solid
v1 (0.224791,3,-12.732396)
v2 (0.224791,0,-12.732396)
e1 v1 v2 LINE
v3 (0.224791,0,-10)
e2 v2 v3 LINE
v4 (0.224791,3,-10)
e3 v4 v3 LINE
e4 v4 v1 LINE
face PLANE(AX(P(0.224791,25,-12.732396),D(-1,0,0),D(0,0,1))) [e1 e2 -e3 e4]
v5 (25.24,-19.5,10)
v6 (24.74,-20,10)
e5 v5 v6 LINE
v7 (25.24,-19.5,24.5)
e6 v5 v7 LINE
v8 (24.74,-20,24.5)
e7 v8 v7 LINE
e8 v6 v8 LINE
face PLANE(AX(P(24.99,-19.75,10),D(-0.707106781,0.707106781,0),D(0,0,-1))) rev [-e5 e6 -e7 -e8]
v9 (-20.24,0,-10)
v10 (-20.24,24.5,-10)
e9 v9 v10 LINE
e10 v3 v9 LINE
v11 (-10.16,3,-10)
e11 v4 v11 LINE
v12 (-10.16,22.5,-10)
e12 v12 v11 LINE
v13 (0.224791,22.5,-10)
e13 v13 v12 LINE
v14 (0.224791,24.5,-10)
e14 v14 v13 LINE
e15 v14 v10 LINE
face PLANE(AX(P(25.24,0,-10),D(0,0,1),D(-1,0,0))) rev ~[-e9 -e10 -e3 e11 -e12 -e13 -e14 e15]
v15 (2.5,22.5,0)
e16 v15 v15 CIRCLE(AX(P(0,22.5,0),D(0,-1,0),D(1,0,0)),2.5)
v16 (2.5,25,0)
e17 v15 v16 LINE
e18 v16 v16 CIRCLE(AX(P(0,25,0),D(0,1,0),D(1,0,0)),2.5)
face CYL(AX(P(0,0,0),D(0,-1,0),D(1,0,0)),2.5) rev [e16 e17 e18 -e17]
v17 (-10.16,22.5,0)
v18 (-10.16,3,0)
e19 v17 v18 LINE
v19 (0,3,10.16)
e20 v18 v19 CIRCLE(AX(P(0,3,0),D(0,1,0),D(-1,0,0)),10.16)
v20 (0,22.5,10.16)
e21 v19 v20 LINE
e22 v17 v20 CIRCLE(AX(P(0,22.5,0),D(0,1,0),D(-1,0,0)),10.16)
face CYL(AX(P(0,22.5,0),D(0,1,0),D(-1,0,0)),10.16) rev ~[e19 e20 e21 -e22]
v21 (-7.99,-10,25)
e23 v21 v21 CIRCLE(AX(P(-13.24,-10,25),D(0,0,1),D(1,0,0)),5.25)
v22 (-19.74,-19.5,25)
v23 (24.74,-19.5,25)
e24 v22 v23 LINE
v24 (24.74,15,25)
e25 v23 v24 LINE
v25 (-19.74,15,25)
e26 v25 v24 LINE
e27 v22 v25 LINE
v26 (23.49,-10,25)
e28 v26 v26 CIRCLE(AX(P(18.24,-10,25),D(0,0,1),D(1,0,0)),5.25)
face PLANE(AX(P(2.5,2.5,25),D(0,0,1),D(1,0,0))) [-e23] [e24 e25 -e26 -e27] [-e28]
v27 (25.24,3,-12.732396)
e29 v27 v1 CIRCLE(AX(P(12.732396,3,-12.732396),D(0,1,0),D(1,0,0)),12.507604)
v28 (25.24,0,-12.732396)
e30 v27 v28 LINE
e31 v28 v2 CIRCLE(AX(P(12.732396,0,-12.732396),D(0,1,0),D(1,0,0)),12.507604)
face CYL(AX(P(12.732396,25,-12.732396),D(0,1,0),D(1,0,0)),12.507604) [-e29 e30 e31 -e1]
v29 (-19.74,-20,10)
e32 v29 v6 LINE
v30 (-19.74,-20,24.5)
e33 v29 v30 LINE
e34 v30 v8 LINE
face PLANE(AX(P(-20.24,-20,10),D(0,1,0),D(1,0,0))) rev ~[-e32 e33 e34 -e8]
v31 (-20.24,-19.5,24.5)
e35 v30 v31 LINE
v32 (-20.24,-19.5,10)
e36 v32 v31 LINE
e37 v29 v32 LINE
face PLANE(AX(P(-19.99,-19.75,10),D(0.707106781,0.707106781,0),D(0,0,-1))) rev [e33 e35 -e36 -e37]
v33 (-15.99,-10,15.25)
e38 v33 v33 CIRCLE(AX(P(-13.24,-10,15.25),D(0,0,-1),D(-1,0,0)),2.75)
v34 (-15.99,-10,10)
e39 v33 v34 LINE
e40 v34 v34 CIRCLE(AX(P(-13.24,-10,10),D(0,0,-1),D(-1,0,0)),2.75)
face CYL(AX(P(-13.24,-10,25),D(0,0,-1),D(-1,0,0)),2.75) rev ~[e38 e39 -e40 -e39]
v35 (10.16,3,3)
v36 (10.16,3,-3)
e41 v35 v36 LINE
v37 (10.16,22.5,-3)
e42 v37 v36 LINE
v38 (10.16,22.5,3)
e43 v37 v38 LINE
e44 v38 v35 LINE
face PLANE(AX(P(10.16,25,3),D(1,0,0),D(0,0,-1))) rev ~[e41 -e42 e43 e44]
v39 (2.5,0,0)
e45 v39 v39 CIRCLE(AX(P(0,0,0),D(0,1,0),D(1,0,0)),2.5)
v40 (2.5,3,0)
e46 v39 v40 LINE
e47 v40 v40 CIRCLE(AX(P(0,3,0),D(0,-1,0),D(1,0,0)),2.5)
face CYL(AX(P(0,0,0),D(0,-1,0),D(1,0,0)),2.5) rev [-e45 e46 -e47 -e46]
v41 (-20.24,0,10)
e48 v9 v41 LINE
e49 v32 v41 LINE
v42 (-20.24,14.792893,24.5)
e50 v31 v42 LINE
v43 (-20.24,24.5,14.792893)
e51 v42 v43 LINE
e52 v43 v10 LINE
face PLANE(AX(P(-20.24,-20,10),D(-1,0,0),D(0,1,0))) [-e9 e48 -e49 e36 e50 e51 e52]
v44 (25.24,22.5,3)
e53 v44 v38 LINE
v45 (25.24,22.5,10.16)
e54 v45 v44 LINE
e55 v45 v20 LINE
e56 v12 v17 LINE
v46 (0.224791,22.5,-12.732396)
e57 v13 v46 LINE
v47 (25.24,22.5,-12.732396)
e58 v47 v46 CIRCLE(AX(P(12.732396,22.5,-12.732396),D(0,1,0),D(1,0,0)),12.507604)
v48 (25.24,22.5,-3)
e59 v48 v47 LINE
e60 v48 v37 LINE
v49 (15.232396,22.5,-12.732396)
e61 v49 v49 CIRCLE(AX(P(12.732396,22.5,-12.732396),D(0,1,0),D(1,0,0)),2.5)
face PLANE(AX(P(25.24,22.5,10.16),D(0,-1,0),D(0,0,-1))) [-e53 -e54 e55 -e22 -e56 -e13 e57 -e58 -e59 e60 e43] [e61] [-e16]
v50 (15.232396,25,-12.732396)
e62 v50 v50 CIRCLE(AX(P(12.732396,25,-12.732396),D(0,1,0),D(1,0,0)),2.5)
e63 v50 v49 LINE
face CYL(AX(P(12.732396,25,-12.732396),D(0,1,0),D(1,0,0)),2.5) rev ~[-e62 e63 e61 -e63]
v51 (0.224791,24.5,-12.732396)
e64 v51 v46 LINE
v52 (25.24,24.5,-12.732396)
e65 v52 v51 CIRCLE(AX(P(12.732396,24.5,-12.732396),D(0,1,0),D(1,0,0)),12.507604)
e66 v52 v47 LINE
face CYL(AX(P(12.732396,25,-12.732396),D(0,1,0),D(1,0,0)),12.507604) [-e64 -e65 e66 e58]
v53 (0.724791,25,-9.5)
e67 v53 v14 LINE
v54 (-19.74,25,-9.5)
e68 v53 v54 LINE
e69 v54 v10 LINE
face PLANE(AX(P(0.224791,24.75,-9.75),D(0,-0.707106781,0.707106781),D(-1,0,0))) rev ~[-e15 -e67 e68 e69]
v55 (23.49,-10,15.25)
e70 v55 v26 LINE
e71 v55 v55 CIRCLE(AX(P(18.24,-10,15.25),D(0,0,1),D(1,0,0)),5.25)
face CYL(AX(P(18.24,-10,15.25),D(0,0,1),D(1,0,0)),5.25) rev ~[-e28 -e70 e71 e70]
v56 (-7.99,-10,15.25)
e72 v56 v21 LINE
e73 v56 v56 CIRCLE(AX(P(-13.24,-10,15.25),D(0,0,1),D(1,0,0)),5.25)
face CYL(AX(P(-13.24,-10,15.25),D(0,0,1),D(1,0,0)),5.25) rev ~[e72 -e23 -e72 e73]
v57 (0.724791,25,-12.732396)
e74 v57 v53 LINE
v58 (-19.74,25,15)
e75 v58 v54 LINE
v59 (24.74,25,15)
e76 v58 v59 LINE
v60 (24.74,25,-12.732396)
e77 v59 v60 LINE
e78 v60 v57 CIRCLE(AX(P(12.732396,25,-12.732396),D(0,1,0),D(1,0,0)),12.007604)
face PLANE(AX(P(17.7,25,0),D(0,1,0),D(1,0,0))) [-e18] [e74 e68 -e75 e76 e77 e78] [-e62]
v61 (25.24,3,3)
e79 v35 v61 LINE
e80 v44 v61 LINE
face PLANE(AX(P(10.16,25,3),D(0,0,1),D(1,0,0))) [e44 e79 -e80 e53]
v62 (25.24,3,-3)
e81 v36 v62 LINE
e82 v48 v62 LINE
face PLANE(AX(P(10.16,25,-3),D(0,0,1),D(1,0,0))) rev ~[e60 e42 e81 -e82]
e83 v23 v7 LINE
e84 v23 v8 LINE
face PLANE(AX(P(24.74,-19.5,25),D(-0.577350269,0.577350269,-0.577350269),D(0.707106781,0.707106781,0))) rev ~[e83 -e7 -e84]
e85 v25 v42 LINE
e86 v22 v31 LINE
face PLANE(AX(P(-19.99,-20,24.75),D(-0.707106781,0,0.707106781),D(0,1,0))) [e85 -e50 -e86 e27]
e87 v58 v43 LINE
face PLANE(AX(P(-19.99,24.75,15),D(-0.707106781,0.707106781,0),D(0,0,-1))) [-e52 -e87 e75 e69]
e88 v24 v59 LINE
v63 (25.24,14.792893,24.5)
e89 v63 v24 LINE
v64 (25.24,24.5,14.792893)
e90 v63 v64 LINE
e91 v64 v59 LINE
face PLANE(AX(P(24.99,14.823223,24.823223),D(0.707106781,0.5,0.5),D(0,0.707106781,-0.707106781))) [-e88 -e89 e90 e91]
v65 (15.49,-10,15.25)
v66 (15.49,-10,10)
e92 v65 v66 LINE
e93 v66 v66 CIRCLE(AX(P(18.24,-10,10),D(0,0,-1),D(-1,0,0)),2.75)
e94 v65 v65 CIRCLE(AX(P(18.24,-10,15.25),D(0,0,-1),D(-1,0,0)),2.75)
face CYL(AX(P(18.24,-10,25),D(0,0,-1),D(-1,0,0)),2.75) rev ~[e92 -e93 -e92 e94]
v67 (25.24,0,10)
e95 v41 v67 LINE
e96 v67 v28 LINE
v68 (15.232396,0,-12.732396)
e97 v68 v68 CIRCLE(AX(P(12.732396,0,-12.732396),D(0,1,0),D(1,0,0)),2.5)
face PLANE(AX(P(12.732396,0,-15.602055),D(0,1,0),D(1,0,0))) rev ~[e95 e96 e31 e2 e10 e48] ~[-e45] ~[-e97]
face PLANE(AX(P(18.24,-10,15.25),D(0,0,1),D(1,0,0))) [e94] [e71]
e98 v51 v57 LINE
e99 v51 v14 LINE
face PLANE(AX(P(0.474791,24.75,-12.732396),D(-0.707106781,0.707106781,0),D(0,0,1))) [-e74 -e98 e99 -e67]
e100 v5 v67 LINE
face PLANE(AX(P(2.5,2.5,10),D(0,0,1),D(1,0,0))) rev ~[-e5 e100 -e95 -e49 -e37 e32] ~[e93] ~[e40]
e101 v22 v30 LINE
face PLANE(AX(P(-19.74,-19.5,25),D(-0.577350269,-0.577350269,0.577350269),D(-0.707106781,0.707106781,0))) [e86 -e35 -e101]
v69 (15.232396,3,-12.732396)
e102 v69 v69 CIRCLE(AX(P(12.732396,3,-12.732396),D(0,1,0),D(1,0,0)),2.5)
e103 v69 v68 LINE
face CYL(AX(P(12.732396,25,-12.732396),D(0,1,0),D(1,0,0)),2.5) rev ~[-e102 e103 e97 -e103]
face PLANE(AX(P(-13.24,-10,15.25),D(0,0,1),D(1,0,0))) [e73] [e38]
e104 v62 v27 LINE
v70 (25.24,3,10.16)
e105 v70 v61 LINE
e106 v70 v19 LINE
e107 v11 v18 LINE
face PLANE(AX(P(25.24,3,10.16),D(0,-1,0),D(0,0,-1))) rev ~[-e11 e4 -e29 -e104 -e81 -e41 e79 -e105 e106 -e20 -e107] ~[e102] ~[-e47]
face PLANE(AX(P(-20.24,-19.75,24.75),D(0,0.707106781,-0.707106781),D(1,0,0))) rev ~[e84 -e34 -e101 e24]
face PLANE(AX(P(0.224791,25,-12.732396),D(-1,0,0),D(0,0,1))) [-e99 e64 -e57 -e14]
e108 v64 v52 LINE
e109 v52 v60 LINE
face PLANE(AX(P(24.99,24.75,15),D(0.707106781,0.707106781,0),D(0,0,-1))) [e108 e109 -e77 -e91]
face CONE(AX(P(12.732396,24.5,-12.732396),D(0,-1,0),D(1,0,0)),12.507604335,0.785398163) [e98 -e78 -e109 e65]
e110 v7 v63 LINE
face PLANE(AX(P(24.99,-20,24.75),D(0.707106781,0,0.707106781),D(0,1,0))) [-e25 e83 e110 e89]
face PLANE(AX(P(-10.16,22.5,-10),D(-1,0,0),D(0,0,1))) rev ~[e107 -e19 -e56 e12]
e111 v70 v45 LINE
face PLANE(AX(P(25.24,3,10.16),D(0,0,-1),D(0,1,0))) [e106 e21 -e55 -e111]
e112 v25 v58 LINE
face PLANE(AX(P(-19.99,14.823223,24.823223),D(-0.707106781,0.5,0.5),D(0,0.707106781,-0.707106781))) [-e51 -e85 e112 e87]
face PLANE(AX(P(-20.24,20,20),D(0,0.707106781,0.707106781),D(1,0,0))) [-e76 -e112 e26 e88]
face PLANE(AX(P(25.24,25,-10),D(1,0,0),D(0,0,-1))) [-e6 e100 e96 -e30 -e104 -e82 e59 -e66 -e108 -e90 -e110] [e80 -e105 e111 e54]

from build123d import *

# Parameters (mm, degrees)
SKETCH1_R                       = 2.5
BOSS_EXTRUDE1_DEPTH             = 25
SKETCH9_W                       = 45.48
SKETCH9_H                       = 45
BOSS_EXTRUDE4_DEPTH             = 15
CUT_EXTRUDE2_START              = -2.5
CUT_EXTRUDE2_DEPTH              = 19.5
SKETCH15_R                      = 2.5
BOSS_EXTRUDE5_DEPTH             = 25
CHAMFER1_SIZE                   = 10
CUT_EXTRUDE3_REACH              = 47.48
SKETCH16_W                      = 40
SKETCH16_H                      = 19.5
SKETCH17_W                      = 15.08
SKETCH17_H                      = 6
BOSS_EXTRUDE6_DEPTH             = 22
CBORE_FOR_M5_SBHCS1_D           = 5.5
CBORE_FOR_M5_SBHCS1_CBORE_D     = 10.5
CBORE_FOR_M5_SBHCS1_CBORE_DEPTH = 9.75
CHAMFER2_SIZE                   = 0.5


with BuildPart() as part:
    # Sketch1 → Boss-Extrude1 (new body)
    with BuildSketch(Plane(origin=(0, 0, 0), x_dir=(1, 0, 0), z_dir=(0, 1, 0))):
        Polygon((20.24, -10), (25.24, -10), (25.24, 10), (20.24, 10), (-20.24, 10), (-20.24, -10), align=None)
        Circle(SKETCH1_R, mode=Mode.SUBTRACT)
    extrude(amount=BOSS_EXTRUDE1_DEPTH)

    # Sketch9 → Boss-Extrude4 (add)
    with BuildSketch(Plane.XY.offset(10)):
        with Locations((2.5, 2.5)):
            Rectangle(SKETCH9_W, SKETCH9_H)
    extrude(amount=BOSS_EXTRUDE4_DEPTH)

    # Sketch10 → Cut-Extrude2 (cut)
    with BuildSketch(Plane(origin=(0, 25, 0), x_dir=(1, 0, 0), z_dir=(0, 1, 0)).offset(CUT_EXTRUDE2_START)):
        with BuildLine():
            Line((10.16, 0), (10.16, 10))
            Line((10.16, 10), (-10.16, 10))
            Line((-10.16, 10), (-10.16, 0))
            ThreePointArc((-10.16, 0), (0, -10.16), (10.16, 0))
        make_face()
    extrude(amount=-CUT_EXTRUDE2_DEPTH, mode=Mode.SUBTRACT)

    # Sketch15 → Boss-Extrude5 (add)
    with BuildSketch(Plane(origin=(0, 25, 0), x_dir=(1, 0, 0), z_dir=(0, 1, 0))):
        with BuildLine():
            Line((25.24, 10), (25.24, 12.732395665))
            ThreePointArc((25.24, 12.732395665), (12.732395665, 25.24), (0.224791329, 12.732395665))
            Line((0.224791329, 12.732395665), (0.224791329, 10))
            Line((0.224791329, 10), (25.24, 10))
        make_face()
        with Locations((12.732395665, 12.732395665)):
            Circle(SKETCH15_R, mode=Mode.SUBTRACT)
    extrude(amount=-BOSS_EXTRUDE5_DEPTH)

    # Chamfer1
    chamfer1_edges = [part.edges().sort_by_distance(p)[0] for p in [
        (2.5, 25, 25),
    ]]
    chamfer(chamfer1_edges, length=CHAMFER1_SIZE)

    # Sketch16 → Cut-Extrude3 (cut, up to next)
    with BuildSketch(Plane(origin=(25.24, 0, 0), x_dir=(0, 0, -1), z_dir=(1, 0, 0)), mode=Mode.PRIVATE) as cut_extrude3_sk1:
        with Locations((9.84, 12.75)):
            Rectangle(SKETCH16_W, SKETCH16_H)
    cut_extrude3_tool1 = extrude(cut_extrude3_sk1.sketch, amount=-CUT_EXTRUDE3_REACH, mode=Mode.PRIVATE) & part.part
    add(cut_extrude3_tool1.solids().sort_by_distance((25.24, 12.75, -9.84))[0], mode=Mode.SUBTRACT)

    # Sketch17 → Boss-Extrude6 (add)
    with BuildSketch(Plane(origin=(0, 25, 0), x_dir=(1, 0, 0), z_dir=(0, 1, 0))):
        with Locations((17.7, 0)):
            Rectangle(SKETCH17_W, SKETCH17_H)
    extrude(amount=-BOSS_EXTRUDE6_DEPTH)

    # CBORE for M5 SBHCS1 (through all)
    with Locations(Plane.XY.offset(25)):
        with Locations((-13.24, -10), (18.24, -10)):
            CounterBoreHole(CBORE_FOR_M5_SBHCS1_D / 2, CBORE_FOR_M5_SBHCS1_CBORE_D / 2, CBORE_FOR_M5_SBHCS1_CBORE_DEPTH)

    # Chamfer2
    chamfer2_edges = [part.edges().sort_by_distance(p)[0] for p in [
        (-20.24, 25, 2.5),
        (-20.24, -20, 17.5),
        (25.24, -20, 17.5),
        (2.5, -20, 25),
        (25.24, -2.5, 25),
        (-10.007604335, 25, -10),
        (12.732395665, 25, -25.24),
        (0.224791329, 25, -11.366197832),
        (-20.24, -2.5, 25),
        (-20.24, 20, 20),
        (25.24, 25, 1.133802168),
        (25.24, 20, 20),
    ]]
    chamfer(chamfer2_edges, length=CHAMFER2_SIZE)


solid = part.part
